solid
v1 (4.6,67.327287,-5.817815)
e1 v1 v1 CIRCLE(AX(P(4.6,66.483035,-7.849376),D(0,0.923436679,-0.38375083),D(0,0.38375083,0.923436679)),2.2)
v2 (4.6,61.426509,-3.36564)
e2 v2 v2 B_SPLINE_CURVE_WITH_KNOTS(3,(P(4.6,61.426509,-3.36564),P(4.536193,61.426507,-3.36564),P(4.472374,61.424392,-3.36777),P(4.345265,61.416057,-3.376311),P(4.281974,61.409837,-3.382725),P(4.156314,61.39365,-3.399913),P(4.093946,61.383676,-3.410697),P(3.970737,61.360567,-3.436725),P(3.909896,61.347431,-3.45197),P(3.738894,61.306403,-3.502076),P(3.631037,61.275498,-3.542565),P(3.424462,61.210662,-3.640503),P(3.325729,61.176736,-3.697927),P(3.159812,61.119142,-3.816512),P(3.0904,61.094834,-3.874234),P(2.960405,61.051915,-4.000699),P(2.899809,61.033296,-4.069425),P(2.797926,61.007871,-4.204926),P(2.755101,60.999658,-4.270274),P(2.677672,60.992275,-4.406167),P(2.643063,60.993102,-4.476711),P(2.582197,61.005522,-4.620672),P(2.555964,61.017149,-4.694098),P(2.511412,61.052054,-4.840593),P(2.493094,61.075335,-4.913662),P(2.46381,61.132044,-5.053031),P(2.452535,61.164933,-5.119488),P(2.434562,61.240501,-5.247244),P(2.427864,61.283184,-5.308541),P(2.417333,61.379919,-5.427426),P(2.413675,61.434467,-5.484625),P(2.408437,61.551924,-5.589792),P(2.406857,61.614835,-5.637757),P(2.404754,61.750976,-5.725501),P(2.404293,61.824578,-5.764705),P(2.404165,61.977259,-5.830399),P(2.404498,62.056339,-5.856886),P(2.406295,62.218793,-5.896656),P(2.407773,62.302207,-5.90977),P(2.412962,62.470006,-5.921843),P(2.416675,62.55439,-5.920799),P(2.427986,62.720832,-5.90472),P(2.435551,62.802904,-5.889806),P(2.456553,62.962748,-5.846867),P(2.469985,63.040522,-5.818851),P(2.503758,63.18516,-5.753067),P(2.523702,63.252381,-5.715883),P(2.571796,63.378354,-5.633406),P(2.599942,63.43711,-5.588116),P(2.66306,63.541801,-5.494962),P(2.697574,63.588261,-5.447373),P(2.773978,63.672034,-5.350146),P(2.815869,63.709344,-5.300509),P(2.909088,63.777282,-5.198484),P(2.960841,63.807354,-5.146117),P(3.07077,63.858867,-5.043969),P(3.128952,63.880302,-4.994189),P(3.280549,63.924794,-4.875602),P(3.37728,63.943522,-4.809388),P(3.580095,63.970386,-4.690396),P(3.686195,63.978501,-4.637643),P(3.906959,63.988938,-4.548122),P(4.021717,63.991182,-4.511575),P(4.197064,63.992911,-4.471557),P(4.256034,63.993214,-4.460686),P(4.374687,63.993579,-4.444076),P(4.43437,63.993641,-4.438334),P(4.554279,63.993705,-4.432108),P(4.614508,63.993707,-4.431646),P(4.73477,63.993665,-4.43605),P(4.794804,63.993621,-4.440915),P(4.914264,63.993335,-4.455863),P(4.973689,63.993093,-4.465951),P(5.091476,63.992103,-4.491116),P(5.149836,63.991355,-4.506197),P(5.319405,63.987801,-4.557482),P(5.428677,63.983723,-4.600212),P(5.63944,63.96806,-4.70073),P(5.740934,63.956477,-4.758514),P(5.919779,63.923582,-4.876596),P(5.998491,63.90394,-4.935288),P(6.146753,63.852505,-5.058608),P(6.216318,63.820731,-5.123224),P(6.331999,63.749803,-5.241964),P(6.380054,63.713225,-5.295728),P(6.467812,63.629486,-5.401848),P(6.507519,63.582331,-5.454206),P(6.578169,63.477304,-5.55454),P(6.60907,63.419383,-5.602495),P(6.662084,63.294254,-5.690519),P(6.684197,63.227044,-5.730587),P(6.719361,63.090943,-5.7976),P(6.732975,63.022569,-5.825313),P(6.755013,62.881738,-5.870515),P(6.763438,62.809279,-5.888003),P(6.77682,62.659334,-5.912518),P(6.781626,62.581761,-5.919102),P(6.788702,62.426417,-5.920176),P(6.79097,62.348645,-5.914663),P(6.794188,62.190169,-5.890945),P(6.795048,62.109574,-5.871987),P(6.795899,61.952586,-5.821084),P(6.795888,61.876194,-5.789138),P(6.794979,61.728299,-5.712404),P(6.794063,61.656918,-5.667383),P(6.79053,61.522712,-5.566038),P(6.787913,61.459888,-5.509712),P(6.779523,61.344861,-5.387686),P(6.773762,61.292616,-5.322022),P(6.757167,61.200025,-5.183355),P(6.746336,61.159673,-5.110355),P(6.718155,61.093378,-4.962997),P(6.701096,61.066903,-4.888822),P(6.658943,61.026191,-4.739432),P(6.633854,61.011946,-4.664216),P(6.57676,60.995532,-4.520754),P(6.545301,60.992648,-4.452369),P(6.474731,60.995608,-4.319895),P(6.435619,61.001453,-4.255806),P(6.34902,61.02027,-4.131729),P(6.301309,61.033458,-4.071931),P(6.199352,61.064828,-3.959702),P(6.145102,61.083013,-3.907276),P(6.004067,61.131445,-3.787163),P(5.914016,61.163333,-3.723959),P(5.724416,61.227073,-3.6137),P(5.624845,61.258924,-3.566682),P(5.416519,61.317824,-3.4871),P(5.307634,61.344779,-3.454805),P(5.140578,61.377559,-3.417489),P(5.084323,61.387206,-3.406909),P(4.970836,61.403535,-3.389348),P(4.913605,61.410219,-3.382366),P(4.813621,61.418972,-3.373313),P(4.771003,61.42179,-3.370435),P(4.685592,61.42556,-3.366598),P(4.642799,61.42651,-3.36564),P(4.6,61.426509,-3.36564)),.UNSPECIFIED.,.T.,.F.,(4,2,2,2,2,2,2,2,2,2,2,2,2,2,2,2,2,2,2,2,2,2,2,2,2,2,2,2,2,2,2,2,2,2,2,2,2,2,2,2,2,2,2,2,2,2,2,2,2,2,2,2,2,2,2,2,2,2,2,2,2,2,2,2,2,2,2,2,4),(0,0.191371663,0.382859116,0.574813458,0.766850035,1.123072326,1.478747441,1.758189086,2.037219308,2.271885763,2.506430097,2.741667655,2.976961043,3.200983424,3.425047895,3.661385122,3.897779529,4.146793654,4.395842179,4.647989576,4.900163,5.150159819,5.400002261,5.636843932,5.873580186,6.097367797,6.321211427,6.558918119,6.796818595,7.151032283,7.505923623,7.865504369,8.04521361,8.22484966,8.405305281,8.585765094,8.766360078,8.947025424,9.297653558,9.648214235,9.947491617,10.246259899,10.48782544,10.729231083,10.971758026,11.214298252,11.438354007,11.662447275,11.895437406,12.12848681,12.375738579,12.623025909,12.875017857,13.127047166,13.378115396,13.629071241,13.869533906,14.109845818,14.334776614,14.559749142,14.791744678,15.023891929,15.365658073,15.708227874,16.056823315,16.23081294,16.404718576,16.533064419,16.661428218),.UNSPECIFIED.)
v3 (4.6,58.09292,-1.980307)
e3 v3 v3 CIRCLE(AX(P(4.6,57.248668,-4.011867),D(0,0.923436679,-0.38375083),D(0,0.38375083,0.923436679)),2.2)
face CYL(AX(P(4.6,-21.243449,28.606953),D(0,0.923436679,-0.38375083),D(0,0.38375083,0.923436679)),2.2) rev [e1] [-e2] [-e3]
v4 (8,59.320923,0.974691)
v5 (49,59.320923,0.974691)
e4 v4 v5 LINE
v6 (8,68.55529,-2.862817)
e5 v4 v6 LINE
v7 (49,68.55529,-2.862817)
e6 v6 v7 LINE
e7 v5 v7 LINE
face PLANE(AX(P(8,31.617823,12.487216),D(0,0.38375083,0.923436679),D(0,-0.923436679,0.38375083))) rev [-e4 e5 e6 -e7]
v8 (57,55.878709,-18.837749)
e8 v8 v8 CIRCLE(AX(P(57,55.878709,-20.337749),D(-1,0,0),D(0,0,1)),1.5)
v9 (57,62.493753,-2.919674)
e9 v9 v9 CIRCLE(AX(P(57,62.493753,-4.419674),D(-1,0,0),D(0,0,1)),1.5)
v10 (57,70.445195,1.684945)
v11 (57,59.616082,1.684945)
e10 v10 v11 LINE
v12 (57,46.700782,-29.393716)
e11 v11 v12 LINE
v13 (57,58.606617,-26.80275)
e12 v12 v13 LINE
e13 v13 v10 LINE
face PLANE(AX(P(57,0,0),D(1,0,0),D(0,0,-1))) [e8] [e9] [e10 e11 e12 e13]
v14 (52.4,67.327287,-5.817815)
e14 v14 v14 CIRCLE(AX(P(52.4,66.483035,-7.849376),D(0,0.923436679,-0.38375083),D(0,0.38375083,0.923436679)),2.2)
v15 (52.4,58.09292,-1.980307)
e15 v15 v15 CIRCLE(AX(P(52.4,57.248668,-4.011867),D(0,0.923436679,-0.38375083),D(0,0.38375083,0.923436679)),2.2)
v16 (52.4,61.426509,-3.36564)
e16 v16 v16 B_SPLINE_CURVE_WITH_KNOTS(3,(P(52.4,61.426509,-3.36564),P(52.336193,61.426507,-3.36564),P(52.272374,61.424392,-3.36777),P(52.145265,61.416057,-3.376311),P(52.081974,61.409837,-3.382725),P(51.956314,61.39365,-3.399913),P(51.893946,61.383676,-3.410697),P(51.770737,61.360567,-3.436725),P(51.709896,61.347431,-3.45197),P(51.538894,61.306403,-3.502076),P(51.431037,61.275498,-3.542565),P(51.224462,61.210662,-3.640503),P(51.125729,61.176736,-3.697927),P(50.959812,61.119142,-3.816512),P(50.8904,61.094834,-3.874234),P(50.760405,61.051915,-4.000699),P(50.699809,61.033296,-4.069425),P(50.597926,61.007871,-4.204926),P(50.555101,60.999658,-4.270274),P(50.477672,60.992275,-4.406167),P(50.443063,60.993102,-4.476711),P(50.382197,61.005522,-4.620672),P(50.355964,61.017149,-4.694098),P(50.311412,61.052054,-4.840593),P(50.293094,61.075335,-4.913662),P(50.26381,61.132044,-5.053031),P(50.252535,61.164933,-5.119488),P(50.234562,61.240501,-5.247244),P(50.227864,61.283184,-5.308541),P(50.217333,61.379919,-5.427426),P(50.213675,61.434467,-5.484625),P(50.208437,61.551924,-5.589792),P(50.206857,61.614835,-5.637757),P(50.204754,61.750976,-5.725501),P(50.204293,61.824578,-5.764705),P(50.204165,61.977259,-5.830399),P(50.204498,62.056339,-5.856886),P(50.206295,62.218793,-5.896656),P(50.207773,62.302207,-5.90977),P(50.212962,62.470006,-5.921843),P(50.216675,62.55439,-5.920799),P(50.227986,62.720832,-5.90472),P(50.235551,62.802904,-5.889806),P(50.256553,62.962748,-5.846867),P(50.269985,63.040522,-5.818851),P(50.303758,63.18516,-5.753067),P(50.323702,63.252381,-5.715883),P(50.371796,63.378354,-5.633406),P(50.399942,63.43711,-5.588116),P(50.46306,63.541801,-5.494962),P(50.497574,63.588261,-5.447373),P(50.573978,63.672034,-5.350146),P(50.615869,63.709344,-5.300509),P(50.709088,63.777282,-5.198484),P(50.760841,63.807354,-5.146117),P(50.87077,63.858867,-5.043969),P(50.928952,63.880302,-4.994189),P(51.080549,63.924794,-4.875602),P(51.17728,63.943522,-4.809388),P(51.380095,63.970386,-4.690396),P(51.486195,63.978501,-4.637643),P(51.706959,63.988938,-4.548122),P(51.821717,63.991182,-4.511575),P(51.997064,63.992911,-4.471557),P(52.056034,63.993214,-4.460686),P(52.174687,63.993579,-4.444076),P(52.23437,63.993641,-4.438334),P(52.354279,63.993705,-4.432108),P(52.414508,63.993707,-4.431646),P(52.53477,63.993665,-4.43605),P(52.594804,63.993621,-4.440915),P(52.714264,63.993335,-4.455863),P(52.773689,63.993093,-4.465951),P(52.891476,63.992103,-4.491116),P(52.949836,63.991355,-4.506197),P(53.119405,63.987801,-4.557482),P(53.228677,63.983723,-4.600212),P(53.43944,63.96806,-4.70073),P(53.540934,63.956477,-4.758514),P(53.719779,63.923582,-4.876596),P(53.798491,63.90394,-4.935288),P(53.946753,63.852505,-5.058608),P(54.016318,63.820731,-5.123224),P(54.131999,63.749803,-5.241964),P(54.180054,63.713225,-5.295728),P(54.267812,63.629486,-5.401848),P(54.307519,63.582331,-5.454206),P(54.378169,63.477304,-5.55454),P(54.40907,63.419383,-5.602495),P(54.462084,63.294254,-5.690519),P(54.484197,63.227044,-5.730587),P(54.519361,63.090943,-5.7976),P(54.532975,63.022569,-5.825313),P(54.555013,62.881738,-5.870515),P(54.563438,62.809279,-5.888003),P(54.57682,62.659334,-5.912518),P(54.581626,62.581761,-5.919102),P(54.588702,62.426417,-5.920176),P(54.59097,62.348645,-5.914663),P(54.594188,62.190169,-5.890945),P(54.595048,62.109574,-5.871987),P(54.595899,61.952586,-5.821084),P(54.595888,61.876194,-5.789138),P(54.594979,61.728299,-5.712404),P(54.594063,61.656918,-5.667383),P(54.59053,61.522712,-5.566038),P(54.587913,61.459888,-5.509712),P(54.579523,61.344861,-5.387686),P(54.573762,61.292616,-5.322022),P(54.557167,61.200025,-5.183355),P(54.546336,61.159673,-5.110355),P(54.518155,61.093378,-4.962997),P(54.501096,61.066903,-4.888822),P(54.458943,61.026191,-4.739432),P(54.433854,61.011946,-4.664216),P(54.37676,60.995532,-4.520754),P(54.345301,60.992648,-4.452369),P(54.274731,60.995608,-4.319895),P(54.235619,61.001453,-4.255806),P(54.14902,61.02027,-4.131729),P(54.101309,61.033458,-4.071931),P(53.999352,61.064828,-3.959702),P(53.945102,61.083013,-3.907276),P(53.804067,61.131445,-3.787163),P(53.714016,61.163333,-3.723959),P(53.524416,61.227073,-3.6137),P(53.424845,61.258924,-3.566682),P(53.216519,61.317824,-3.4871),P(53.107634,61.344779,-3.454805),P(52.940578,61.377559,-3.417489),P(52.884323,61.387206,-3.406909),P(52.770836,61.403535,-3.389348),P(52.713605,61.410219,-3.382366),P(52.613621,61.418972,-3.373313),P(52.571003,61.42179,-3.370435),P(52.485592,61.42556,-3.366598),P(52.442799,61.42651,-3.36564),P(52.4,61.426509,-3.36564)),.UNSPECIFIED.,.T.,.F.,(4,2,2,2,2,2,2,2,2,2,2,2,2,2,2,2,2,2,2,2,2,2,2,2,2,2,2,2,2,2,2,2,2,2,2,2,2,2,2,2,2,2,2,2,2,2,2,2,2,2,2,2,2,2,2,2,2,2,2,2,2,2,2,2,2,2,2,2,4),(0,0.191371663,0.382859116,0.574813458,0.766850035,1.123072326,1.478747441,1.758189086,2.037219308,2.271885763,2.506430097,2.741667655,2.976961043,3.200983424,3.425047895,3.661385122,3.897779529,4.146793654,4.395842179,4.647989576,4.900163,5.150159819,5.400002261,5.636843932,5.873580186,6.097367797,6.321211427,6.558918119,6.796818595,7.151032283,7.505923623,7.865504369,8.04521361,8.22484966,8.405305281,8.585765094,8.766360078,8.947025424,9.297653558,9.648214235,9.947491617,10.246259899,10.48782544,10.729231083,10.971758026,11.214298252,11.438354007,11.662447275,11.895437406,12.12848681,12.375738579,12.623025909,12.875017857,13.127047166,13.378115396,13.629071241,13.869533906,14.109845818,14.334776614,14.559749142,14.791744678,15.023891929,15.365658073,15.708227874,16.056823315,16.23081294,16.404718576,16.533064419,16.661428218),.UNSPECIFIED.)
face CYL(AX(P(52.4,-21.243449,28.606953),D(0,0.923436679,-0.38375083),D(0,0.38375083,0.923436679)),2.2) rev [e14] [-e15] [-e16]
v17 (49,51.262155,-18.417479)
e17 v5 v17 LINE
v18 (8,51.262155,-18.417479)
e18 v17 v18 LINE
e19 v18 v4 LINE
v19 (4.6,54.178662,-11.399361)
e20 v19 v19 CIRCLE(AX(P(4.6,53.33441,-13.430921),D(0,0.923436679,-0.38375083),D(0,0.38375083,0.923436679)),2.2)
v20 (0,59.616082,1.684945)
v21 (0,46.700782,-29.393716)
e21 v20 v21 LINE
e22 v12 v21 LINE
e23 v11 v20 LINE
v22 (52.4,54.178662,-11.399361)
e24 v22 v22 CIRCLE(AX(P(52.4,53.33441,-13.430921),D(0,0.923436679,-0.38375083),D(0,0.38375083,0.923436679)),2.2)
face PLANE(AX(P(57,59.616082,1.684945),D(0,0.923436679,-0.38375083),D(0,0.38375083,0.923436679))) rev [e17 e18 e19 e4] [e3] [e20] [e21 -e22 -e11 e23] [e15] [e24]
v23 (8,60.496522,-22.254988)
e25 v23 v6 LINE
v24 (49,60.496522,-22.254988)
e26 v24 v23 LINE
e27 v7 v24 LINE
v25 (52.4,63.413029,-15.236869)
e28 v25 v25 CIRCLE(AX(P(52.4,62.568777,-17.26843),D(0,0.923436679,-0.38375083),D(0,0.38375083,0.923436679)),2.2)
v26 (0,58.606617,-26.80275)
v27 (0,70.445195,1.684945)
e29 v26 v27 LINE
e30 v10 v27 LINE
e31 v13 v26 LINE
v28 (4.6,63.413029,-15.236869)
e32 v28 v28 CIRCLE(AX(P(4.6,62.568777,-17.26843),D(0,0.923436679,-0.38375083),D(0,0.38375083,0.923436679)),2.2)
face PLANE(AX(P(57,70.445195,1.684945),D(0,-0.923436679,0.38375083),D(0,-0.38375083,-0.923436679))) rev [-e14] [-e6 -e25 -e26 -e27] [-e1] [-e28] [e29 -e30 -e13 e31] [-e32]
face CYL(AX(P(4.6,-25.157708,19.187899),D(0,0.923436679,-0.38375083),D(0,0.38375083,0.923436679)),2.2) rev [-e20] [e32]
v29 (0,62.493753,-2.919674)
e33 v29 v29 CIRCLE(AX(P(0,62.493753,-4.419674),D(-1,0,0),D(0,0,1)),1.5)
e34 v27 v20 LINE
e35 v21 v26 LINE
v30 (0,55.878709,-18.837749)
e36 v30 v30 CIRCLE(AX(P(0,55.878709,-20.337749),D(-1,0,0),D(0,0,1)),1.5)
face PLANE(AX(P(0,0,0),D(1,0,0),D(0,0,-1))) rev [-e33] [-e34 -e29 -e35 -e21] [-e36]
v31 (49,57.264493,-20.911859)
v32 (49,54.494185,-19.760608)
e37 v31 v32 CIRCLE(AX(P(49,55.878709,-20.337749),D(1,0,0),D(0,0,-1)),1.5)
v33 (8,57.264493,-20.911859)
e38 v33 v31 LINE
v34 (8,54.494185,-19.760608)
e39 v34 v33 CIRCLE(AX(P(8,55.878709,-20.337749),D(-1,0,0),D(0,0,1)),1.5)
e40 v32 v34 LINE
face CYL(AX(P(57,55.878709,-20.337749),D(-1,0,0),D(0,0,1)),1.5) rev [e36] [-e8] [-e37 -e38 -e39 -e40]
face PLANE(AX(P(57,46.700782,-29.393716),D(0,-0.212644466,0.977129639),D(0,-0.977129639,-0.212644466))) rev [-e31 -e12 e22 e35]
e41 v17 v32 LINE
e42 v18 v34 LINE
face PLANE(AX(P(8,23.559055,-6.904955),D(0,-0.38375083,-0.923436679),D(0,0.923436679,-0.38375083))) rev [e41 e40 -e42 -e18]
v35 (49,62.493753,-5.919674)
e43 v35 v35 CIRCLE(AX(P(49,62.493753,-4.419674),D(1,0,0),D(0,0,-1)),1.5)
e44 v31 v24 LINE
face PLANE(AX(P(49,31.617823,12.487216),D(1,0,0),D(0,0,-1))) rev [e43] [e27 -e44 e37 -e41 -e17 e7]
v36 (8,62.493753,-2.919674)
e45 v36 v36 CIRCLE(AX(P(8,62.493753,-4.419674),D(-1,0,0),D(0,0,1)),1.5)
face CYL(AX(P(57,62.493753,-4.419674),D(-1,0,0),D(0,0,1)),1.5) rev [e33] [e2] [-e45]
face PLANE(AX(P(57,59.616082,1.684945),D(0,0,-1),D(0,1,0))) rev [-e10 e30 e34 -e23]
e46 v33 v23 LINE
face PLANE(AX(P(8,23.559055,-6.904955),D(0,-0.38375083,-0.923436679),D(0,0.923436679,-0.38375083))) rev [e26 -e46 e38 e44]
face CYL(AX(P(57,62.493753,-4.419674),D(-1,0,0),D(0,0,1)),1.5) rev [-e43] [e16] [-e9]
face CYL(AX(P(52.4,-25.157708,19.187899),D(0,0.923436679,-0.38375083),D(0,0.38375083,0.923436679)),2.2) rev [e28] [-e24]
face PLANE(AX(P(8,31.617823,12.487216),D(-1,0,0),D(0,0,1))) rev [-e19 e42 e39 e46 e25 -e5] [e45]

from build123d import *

# Parameters (mm, degrees)
SALIENTE_EXTRUIR1_DEPTH = 57
CROQUIS2_W              = 41
CROQUIS2_H              = 21
CORTAR_EXTRUIR1_DEPTH   = 40
CROQUIS3_R              = 1.5
CORTAR_EXTRUIR2_DEPTH   = 96.265502635
CROQUIS4_R              = 2.2
CORTAR_EXTRUIR3_DEPTH   = 95


with BuildPart() as part:
    # Croquis1 → Saliente-Extruir1 (new body)
    with BuildSketch(Plane(origin=(0, 0, 0), x_dir=(0, 0, -1), z_dir=(1, 0, 0))):
        Polygon((-1.684944658, 59.616081723), (-1.684944658, 70.445194562), (26.80274982, 58.606617394), (29.39371626, 46.700781546), align=None)
    extrude(amount=SALIENTE_EXTRUIR1_DEPTH)

    # Croquis2 → Cortar-Extruir1 (cut)
    with BuildSketch(Plane(origin=(0, 59.474011024, -24.71550197), x_dir=(1, 0, 0), z_dir=(0, 0.9234366793713986, -0.38375082956460804))):
        with Locations((28.5, -13.164518651)):
            Rectangle(CROQUIS2_W, CROQUIS2_H)
    extrude(amount=-CORTAR_EXTRUIR1_DEPTH, mode=Mode.SUBTRACT)

    # Croquis3 → Cortar-Extruir2 (cut, through all)
    with BuildSketch(Plane.ZY):
        with Locations((-20.337749265, 55.878708995)):
            Circle(CROQUIS3_R)
        with Locations((-4.419674199, 62.493753261)):
            Circle(CROQUIS3_R)
    extrude(amount=-CORTAR_EXTRUIR2_DEPTH, mode=Mode.SUBTRACT)

    # Croquis4 → Cortar-Extruir3 (cut)
    with BuildSketch(Plane(origin=(0, 59.474011024, -24.71550197), x_dir=(1, 0, 0), z_dir=(0, 0.9234366793713987, -0.3837508295646078))):
        with Locations(Location((4.6, -18.264518651, 0), (0, 0, 270))):
            Circle(CROQUIS4_R)
        with Locations(Location((4.6, -8.064518651, 0), (0, 0, 270))):
            Circle(CROQUIS4_R)
        with Locations(Location((52.4, -18.264518651, 0), (0, 0, 270))):
            Circle(CROQUIS4_R)
        with Locations(Location((52.4, -8.064518651, 0), (0, 0, 270))):
            Circle(CROQUIS4_R)
    extrude(amount=-CORTAR_EXTRUIR3_DEPTH, mode=Mode.SUBTRACT)


solid = part.part
